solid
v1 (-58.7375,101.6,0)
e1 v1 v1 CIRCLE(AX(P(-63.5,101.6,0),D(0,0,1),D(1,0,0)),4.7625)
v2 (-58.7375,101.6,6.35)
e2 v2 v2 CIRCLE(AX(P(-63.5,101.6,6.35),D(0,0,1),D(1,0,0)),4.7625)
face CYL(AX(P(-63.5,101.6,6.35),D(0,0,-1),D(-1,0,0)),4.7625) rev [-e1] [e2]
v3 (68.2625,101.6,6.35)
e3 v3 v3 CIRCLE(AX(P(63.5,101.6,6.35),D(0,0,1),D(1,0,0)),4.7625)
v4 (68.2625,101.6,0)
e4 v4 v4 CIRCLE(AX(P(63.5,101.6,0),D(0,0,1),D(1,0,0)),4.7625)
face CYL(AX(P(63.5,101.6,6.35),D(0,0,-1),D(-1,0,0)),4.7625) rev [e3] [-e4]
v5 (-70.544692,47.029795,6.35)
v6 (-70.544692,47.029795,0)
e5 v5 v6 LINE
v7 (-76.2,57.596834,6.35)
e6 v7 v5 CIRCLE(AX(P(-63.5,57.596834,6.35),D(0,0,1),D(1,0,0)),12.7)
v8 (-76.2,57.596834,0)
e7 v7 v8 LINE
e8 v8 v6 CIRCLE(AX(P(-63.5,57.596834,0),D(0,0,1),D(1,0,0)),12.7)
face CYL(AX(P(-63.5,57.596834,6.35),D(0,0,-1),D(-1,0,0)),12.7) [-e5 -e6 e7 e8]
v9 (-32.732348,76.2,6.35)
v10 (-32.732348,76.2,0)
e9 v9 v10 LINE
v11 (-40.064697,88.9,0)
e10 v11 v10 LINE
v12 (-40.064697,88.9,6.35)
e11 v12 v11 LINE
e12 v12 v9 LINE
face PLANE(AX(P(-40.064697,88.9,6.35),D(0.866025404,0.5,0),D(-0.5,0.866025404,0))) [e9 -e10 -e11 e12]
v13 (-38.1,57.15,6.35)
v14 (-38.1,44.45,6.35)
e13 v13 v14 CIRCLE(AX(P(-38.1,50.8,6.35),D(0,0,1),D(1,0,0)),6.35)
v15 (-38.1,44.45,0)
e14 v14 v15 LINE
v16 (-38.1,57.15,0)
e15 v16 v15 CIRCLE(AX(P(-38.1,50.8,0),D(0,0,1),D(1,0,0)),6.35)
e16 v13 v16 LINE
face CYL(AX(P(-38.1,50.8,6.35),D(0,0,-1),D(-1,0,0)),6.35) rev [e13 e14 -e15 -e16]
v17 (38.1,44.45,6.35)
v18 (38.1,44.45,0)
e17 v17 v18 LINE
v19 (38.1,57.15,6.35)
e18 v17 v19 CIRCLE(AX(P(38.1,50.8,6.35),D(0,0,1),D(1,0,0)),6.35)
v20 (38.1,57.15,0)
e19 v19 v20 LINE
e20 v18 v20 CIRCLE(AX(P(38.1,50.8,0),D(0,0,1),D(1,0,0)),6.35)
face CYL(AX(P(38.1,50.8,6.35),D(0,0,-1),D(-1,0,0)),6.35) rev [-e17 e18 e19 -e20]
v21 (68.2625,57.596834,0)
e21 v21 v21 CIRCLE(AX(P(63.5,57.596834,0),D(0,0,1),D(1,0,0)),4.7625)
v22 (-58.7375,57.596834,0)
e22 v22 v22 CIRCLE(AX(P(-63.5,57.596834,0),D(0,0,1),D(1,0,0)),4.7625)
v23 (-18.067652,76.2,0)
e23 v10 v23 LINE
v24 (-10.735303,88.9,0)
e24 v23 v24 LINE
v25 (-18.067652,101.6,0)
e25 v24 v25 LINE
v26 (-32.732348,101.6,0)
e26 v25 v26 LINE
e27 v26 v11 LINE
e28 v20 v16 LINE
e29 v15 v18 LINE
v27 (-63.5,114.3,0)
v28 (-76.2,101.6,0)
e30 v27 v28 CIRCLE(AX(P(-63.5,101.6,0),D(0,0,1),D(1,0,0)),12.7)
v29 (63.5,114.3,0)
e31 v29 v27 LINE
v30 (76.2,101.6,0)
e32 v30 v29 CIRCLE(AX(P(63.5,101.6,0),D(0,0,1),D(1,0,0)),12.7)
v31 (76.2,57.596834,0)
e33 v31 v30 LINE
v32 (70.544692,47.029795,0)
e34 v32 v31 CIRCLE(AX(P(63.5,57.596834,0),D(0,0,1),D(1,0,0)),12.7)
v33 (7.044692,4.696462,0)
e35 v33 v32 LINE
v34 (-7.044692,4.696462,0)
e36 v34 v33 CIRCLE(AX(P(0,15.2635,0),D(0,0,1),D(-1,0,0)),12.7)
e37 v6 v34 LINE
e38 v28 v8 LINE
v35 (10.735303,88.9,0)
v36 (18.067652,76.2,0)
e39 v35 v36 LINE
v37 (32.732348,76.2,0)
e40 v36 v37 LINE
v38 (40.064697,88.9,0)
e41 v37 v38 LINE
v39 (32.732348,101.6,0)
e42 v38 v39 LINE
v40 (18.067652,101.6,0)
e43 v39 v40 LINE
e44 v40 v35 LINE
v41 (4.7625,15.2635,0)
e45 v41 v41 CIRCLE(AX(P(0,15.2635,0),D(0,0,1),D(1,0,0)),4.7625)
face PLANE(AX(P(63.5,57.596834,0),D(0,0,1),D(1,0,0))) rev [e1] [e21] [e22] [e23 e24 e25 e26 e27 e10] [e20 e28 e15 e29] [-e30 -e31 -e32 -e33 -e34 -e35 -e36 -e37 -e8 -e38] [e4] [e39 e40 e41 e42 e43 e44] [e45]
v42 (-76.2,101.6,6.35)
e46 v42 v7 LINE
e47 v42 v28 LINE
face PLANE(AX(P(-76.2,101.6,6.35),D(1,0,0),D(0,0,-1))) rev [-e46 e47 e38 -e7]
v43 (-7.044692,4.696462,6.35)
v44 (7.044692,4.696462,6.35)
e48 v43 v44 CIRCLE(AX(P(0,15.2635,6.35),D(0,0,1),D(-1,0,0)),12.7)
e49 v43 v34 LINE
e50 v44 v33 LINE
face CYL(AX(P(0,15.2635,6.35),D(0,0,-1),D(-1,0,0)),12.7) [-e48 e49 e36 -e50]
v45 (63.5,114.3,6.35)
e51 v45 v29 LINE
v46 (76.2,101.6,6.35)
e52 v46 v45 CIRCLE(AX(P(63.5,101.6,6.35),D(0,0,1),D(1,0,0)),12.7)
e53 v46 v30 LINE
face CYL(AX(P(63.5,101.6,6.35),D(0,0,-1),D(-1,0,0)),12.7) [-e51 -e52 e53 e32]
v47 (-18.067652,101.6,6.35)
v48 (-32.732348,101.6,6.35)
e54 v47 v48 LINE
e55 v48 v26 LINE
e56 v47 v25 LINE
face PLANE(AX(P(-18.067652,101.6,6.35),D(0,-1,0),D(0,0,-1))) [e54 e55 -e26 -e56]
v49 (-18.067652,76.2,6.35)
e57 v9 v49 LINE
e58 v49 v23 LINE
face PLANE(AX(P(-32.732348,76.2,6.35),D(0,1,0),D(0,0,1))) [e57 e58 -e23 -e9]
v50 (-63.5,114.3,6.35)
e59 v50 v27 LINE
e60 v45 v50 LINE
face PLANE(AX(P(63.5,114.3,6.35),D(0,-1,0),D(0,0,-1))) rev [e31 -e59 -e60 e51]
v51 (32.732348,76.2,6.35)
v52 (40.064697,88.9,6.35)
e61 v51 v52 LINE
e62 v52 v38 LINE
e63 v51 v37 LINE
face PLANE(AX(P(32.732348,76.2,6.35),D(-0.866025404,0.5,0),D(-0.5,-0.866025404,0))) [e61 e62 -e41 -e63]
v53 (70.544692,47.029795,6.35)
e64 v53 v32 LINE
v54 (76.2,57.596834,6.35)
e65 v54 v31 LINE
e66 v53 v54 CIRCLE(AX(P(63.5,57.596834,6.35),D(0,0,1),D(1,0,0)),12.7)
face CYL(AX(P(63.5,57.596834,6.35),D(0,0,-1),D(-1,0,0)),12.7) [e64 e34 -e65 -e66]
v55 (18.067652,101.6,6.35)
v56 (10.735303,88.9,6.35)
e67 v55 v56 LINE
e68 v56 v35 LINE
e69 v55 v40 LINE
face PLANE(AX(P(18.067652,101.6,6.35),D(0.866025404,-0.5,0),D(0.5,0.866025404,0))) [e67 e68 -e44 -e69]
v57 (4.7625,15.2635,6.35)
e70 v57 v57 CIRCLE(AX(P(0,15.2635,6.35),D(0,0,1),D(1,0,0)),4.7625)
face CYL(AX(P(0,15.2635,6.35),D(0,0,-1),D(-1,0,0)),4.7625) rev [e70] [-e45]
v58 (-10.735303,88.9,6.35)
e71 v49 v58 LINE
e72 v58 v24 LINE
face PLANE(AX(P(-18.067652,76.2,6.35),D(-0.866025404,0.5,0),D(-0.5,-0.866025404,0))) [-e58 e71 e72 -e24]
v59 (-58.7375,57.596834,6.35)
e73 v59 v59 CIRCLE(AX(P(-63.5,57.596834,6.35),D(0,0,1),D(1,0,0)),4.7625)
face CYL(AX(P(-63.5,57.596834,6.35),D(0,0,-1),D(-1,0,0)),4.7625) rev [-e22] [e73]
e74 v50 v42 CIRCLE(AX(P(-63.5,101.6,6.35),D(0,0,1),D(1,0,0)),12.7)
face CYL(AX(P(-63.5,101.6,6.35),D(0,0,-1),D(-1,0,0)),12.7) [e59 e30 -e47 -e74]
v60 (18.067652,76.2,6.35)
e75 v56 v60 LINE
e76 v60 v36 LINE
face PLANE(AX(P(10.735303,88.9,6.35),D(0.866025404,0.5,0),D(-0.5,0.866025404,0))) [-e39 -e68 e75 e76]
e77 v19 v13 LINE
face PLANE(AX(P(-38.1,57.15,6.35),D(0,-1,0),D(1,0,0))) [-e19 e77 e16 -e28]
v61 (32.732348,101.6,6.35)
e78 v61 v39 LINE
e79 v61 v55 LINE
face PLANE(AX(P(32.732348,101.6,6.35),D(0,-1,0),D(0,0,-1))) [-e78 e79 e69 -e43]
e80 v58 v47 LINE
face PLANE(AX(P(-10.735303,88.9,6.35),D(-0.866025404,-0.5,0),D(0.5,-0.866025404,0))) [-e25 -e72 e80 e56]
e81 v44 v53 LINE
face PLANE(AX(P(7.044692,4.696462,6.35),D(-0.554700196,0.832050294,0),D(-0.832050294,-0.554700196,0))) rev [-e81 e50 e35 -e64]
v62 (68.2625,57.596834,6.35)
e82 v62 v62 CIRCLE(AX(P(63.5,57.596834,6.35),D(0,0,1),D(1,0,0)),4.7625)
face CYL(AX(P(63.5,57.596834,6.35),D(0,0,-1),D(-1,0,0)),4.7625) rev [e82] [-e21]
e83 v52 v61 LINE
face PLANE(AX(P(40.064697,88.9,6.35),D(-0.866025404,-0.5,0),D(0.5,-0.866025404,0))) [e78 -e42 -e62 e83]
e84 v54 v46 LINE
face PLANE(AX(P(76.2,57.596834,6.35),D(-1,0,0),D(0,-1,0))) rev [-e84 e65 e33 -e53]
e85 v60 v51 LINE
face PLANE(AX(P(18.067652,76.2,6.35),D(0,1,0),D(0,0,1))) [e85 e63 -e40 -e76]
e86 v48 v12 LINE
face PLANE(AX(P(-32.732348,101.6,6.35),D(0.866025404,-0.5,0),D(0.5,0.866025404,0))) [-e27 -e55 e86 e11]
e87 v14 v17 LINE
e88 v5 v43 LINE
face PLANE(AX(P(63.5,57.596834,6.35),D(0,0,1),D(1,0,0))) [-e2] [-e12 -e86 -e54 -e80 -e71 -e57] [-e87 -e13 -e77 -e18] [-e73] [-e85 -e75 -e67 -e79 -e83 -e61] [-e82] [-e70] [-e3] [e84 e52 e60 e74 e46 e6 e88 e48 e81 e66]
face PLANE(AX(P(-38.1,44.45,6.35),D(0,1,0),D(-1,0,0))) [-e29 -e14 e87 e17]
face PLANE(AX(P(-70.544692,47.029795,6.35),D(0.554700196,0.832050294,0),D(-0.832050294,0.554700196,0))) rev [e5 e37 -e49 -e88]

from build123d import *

# Parameters (mm, degrees)
SKETCH1_R           = 4.7625
BOSS_EXTRUDE1_DEPTH = 6.35


with BuildPart() as part:
    # Sketch1 → Boss-Extrude1 (new body)
    with BuildSketch(Plane.XY):
        with BuildLine():
            Line((7.044692492, 4.696461661), (70.544692492, 47.029794995))
            ThreePointArc((70.544692492, 47.029794995), (74.697267404, 51.604238079), (76.2, 57.596833733))
            Line((76.2, 57.596833733), (76.2, 101.6))
            ThreePointArc((76.2, 101.6), (72.480256121, 110.580256121), (63.5, 114.3))
            Line((63.5, 114.3), (-63.5, 114.3))
            ThreePointArc((-63.5, 114.3), (-72.480256121, 110.580256121), (-76.2, 101.6))
            Line((-76.2, 101.6), (-76.2, 57.596833733))
            ThreePointArc((-76.2, 57.596833733), (-74.697267404, 51.604238079), (-70.544692492, 47.029794995))
            Line((-70.544692492, 47.029794995), (-7.044692492, 4.696461661))
            ThreePointArc((-7.044692492, 4.696461661), (0, 2.563500399), (7.044692492, 4.696461661))
        make_face()
        with Locations((-63.5, 101.6)):
            Circle(SKETCH1_R, mode=Mode.SUBTRACT)
        with Locations((-63.5, 57.596833733)):
            Circle(SKETCH1_R, mode=Mode.SUBTRACT)
        with Locations((63.5, 101.6)):
            Circle(SKETCH1_R, mode=Mode.SUBTRACT)
        with Locations((63.5, 57.596833733)):
            Circle(SKETCH1_R, mode=Mode.SUBTRACT)
        with Locations((0, 15.263500399)):
            Circle(SKETCH1_R, mode=Mode.SUBTRACT)
        with BuildLine():
            Line((-38.1, 57.15), (38.1, 57.15))
            ThreePointArc((38.1, 57.15), (44.45, 50.8), (38.1, 44.45))
            Line((38.1, 44.45), (-38.1, 44.45))
            ThreePointArc((-38.1, 44.45), (-44.45, 50.8), (-38.1, 57.15))
        make_face(mode=Mode.SUBTRACT)
        Polygon((-10.735303163, 88.9), (-18.067651581, 101.6), (-32.732348419, 101.6), (-40.064696837, 88.9), (-32.732348419, 76.2), (-18.067651581, 76.2), align=None, mode=Mode.SUBTRACT)
        Polygon((40.064696837, 88.9), (32.732348419, 101.6), (18.067651581, 101.6), (10.735303163, 88.9), (18.067651581, 76.2), (32.732348419, 76.2), align=None, mode=Mode.SUBTRACT)
    extrude(amount=BOSS_EXTRUDE1_DEPTH)


solid = part.part
